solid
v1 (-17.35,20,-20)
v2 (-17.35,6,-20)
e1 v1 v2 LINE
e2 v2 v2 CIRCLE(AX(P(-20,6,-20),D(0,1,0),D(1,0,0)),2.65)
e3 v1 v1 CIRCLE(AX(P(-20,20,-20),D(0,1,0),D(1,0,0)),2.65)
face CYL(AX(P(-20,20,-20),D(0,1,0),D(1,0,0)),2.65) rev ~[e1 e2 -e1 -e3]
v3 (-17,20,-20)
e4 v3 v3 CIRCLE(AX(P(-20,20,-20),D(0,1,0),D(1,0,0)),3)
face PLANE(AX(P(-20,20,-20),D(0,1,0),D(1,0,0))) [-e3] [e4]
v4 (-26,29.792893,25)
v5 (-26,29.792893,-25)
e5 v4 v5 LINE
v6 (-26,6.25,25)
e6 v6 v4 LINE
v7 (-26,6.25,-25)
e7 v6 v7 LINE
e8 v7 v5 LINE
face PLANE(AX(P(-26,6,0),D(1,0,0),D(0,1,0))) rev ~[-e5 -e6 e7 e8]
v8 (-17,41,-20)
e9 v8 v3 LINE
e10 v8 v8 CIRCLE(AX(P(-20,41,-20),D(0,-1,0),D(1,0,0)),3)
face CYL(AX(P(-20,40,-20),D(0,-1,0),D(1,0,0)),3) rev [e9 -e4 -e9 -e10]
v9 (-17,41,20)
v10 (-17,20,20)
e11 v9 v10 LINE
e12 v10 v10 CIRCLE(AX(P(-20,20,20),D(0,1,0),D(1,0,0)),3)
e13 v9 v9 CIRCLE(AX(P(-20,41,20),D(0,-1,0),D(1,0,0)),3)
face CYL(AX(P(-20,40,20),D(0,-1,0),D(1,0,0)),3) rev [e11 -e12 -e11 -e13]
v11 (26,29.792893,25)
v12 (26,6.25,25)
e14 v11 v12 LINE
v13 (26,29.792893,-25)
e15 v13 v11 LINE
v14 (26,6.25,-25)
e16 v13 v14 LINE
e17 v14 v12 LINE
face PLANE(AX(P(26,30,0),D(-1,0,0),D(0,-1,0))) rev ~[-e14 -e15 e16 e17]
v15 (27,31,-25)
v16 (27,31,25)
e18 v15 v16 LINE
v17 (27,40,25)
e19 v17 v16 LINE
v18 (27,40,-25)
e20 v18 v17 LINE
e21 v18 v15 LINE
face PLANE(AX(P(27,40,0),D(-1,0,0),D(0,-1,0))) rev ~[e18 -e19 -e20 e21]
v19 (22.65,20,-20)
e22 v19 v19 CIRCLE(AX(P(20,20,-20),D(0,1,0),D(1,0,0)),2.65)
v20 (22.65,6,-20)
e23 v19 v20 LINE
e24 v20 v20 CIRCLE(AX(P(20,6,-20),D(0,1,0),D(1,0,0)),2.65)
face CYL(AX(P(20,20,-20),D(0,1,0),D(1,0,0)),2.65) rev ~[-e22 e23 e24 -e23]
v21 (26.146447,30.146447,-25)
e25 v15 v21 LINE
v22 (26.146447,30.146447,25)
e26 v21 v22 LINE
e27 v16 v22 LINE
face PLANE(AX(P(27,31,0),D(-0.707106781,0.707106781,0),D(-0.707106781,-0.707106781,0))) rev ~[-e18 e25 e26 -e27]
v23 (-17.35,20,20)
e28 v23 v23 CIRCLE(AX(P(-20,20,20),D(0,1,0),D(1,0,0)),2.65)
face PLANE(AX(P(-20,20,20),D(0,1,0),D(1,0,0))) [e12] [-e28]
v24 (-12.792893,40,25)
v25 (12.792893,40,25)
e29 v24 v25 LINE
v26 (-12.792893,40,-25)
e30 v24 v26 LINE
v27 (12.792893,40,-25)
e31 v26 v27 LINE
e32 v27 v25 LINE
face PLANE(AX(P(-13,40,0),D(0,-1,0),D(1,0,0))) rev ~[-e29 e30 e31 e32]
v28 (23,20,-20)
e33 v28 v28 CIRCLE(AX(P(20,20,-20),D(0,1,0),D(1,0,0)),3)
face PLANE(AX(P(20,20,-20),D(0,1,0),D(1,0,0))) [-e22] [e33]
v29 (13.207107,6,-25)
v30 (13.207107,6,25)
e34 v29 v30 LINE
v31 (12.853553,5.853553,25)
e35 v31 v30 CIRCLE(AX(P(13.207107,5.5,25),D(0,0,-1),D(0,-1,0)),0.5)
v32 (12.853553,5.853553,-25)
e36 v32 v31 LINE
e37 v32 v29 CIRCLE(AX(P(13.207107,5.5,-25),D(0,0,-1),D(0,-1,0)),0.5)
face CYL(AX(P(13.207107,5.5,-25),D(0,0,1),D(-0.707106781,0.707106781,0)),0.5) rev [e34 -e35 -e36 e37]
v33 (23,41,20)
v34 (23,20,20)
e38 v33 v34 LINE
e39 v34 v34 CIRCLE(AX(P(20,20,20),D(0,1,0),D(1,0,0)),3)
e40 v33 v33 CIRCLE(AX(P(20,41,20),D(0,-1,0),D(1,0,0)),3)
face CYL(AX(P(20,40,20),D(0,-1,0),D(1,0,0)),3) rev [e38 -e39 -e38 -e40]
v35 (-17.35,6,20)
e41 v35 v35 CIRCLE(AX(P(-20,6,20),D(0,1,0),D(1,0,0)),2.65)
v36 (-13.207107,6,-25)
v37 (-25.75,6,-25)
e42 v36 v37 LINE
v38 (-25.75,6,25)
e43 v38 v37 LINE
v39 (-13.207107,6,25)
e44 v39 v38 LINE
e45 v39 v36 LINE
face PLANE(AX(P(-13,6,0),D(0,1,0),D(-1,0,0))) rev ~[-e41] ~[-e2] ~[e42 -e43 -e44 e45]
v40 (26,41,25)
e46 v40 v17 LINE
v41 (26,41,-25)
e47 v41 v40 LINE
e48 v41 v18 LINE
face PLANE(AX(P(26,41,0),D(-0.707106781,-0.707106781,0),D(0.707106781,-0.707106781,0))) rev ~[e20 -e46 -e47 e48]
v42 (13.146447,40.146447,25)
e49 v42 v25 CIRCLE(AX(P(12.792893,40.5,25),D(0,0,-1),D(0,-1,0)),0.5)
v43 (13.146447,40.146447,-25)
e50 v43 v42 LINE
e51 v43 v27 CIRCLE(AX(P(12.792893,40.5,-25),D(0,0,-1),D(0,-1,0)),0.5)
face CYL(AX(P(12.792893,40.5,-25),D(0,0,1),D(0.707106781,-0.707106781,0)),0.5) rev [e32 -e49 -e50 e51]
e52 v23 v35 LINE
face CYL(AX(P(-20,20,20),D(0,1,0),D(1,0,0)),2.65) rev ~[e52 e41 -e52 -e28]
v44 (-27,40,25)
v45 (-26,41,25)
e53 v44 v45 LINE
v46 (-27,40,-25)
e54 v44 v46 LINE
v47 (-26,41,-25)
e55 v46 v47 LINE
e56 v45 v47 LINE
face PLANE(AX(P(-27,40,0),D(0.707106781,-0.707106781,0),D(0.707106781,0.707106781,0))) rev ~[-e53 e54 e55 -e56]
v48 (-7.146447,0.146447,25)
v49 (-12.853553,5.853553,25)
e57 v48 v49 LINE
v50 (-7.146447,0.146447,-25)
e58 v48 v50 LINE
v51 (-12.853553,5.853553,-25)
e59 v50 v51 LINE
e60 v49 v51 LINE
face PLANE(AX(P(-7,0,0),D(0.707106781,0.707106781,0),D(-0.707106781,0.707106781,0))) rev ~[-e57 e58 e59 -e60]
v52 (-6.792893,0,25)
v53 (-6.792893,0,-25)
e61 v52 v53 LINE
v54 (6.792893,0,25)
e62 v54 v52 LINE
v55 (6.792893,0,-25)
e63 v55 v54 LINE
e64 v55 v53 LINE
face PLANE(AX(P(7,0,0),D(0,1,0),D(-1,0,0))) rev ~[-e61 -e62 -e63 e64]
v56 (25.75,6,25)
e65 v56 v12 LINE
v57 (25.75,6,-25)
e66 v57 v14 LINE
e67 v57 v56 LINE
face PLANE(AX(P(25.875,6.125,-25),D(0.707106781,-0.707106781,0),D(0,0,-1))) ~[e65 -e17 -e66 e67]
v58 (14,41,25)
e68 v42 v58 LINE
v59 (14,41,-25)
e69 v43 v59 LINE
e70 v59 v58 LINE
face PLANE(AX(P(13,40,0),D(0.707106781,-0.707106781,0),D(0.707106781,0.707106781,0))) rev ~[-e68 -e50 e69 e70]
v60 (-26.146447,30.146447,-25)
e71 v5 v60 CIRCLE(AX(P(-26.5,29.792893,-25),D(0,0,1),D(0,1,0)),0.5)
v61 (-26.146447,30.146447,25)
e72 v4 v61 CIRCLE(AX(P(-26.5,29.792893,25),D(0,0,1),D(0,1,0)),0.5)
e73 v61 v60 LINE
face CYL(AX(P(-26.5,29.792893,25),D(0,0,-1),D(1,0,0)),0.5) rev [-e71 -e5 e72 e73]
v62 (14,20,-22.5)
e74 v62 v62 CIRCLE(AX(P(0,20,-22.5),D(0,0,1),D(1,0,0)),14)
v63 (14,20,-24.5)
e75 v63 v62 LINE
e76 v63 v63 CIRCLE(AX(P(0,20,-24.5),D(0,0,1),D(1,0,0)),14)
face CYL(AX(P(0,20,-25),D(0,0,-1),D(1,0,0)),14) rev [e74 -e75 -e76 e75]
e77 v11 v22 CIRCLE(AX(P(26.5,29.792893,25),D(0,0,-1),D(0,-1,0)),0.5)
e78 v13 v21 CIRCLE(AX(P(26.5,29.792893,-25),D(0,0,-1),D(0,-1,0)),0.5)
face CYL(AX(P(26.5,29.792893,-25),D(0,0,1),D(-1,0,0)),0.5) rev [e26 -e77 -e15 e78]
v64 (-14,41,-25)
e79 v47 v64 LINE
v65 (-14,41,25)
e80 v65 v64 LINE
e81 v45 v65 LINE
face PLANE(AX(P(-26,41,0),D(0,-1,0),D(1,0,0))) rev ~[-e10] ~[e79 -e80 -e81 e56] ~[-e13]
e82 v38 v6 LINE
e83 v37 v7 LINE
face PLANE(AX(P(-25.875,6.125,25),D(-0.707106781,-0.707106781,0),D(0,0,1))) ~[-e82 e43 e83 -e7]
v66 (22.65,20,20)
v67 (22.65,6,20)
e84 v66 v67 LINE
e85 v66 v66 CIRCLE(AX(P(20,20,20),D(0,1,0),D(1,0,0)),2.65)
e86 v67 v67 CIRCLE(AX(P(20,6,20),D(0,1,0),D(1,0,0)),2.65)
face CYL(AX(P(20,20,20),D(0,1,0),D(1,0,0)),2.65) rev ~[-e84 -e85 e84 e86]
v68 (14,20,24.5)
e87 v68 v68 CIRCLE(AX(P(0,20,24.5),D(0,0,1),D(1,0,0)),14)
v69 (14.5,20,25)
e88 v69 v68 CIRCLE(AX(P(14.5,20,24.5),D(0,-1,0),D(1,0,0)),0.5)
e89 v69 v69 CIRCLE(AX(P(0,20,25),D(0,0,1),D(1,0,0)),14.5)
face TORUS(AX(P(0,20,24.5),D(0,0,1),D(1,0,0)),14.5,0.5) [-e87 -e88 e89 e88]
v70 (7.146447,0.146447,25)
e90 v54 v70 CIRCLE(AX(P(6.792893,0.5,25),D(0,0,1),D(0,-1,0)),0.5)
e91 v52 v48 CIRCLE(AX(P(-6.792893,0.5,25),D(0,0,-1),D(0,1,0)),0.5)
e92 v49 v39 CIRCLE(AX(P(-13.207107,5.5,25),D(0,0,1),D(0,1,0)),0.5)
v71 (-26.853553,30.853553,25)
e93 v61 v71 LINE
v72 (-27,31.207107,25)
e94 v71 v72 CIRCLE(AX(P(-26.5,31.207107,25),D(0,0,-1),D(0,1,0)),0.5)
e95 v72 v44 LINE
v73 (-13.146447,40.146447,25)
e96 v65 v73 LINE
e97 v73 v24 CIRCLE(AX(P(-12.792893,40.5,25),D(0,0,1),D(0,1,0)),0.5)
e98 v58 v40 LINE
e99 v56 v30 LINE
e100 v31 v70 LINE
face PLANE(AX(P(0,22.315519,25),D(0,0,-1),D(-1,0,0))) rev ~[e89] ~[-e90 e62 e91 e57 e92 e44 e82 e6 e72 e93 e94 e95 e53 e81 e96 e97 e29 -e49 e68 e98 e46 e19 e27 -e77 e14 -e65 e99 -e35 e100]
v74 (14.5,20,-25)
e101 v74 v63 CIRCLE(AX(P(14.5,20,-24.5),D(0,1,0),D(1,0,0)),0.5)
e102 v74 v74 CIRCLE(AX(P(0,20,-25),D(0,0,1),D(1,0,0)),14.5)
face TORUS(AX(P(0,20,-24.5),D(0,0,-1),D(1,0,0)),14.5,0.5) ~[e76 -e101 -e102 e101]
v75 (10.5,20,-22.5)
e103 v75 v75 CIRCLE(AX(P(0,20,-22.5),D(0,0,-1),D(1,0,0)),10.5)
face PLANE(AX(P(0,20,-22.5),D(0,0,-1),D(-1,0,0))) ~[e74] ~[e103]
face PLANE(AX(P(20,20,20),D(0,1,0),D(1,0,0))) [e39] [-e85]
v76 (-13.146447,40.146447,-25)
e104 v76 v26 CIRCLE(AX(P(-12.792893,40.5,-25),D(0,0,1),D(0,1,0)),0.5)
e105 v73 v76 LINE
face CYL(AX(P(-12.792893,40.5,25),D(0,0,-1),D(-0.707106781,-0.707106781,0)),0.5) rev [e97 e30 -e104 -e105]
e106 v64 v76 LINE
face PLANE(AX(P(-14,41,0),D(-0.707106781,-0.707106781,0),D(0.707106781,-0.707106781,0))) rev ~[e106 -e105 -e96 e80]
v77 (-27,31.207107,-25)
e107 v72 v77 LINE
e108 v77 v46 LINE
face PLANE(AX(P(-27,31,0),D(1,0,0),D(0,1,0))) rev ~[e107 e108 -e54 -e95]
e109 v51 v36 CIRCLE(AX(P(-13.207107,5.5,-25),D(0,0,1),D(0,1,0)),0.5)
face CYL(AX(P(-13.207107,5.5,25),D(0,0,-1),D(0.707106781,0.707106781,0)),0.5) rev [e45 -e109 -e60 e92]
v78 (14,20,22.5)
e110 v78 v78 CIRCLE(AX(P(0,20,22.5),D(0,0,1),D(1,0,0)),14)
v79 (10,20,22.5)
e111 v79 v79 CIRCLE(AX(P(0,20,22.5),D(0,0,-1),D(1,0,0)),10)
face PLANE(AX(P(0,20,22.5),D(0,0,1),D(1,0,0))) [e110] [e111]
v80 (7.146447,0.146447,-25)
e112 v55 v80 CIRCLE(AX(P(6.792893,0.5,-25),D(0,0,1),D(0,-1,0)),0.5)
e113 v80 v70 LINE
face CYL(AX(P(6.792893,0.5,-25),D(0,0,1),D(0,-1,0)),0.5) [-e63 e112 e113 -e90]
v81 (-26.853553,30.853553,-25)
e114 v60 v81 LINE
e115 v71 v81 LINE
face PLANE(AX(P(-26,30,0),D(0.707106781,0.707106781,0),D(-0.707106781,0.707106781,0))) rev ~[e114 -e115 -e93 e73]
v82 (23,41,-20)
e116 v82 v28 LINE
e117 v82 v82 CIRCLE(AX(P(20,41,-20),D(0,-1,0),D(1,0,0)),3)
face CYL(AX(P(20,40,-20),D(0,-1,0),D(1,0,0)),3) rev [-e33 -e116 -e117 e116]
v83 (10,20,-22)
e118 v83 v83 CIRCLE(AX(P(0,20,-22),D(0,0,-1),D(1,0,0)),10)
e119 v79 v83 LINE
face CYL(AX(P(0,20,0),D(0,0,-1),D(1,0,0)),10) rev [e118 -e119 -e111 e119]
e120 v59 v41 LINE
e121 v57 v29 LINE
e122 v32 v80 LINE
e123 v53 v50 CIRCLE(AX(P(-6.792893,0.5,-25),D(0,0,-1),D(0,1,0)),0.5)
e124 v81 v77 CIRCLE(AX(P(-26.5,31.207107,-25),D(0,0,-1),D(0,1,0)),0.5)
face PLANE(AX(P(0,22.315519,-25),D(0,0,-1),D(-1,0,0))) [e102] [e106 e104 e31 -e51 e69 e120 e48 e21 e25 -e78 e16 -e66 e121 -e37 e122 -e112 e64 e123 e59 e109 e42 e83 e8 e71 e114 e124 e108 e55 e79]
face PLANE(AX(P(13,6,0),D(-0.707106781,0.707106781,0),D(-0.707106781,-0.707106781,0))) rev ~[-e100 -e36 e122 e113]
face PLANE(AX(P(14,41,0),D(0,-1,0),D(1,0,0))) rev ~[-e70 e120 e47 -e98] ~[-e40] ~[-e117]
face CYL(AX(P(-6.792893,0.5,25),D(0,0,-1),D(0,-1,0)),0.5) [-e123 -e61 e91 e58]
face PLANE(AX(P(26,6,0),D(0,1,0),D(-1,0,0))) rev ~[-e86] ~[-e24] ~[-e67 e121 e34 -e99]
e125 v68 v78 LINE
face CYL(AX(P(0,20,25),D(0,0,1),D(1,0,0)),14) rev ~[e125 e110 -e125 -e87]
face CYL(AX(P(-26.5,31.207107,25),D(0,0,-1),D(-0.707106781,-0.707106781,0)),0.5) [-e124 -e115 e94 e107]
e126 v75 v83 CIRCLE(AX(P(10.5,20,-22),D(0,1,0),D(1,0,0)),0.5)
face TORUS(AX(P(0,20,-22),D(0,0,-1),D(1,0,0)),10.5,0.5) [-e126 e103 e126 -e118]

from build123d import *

# Parameters (mm, degrees)
SKETCH2_R               = 10
BOSS_EXTRUDE1_DEPTH     = 25
SKETCH3_R               = 3
CUT_EXTRUDE1_DEPTH      = 11
CUT_EXTRUDE1_DEPTH_BACK = 20
SKETCH4_R               = 2.65
CUT_EXTRUDE2_DEPTH      = 21
SKETCH5_R               = 14
CUT_EXTRUDE3_DEPTH      = 2.5
FILLET1_R               = 0.5
CHAMFER1_SIZE           = 0.25
FILLET2_R               = 0.5


with BuildPart() as part:
    # Sketch2 → Boss-Extrude1 (new body, symmetric)
    with BuildSketch(Plane.XY):
        Polygon((7, 0), (-7, 0), (-13, 6), (-26, 6), (-26, 30), (-27, 31), (-27, 40), (-26, 41), (-14, 41), (-13, 40), (13, 40), (14, 41), (26, 41), (27, 40), (27, 31), (26, 30), (26, 6), (13, 6), align=None)
        with Locations((0, 20)):
            Circle(SKETCH2_R, mode=Mode.SUBTRACT)
    extrude(amount=BOSS_EXTRUDE1_DEPTH, both=True)

    # Sketch3 → Cut-Extrude1 (cut, two sides)
    with BuildSketch(Plane(origin=(0, 40, 0), x_dir=(1, 0, 0), z_dir=(0, 1, 0))) as cut_extrude1_sk:
        with Locations((20, -20)):
            Circle(SKETCH3_R)
        with Locations((20, 20)):
            Circle(SKETCH3_R)
        with Locations((-20, -20)):
            Circle(SKETCH3_R)
        with Locations((-20, 20)):
            Circle(SKETCH3_R)
    extrude(amount=CUT_EXTRUDE1_DEPTH, mode=Mode.SUBTRACT)
    extrude(cut_extrude1_sk.sketch, amount=-CUT_EXTRUDE1_DEPTH_BACK, mode=Mode.SUBTRACT)

    # Sketch4 → Cut-Extrude2 (cut, through all)
    with BuildSketch(Plane(origin=(0, 20, 0), x_dir=(1, 0, 0), z_dir=(0, 1, 0))):
        with Locations((-20, -20)):
            Circle(SKETCH4_R)
        with Locations((20, -20)):
            Circle(SKETCH4_R)
        with Locations((20, 20)):
            Circle(SKETCH4_R)
        with Locations((-20, 20)):
            Circle(SKETCH4_R)
    extrude(amount=-CUT_EXTRUDE2_DEPTH, mode=Mode.SUBTRACT)

    # Sketch5 → Cut-Extrude3 (cut)
    with BuildSketch(Plane.XY.offset(25)):
        with Locations((0, 20)):
            Circle(SKETCH5_R)
    cut_extrude3 = extrude(amount=-CUT_EXTRUDE3_DEPTH, mode=Mode.SUBTRACT)

    # Mirror1: Cut-Extrude3 across plane
    add(cut_extrude3.mirror(Plane.XY), mode=Mode.SUBTRACT)

    # Fillet1
    fillet1_edges = [part.edges().sort_by_distance(p)[0] for p in [
        (7, 0, 0),
        (-7, 0, 0),
        (-13, 6, 0),
        (-26, 30, 0),
        (-27, 31, 0),
        (-13, 40, 0),
        (13, 40, 0),
        (26, 30, 0),
        (13, 6, 0),
        (-10, 20, -22.5),
    ]]
    fillet(fillet1_edges, radius=FILLET1_R)

    # Chamfer1
    chamfer1_edges = [part.edges().sort_by_distance(p)[0] for p in [
        (-26, 6, 0),
        (26, 6, 0),
    ]]
    chamfer(chamfer1_edges, length=CHAMFER1_SIZE)

    # Fillet2
    fillet2_edges = [part.edges().sort_by_distance(p)[0] for p in [
        (-14, 20, 25),
        (-14, 20, -25),
    ]]
    fillet(fillet2_edges, radius=FILLET2_R)


solid = part.part
